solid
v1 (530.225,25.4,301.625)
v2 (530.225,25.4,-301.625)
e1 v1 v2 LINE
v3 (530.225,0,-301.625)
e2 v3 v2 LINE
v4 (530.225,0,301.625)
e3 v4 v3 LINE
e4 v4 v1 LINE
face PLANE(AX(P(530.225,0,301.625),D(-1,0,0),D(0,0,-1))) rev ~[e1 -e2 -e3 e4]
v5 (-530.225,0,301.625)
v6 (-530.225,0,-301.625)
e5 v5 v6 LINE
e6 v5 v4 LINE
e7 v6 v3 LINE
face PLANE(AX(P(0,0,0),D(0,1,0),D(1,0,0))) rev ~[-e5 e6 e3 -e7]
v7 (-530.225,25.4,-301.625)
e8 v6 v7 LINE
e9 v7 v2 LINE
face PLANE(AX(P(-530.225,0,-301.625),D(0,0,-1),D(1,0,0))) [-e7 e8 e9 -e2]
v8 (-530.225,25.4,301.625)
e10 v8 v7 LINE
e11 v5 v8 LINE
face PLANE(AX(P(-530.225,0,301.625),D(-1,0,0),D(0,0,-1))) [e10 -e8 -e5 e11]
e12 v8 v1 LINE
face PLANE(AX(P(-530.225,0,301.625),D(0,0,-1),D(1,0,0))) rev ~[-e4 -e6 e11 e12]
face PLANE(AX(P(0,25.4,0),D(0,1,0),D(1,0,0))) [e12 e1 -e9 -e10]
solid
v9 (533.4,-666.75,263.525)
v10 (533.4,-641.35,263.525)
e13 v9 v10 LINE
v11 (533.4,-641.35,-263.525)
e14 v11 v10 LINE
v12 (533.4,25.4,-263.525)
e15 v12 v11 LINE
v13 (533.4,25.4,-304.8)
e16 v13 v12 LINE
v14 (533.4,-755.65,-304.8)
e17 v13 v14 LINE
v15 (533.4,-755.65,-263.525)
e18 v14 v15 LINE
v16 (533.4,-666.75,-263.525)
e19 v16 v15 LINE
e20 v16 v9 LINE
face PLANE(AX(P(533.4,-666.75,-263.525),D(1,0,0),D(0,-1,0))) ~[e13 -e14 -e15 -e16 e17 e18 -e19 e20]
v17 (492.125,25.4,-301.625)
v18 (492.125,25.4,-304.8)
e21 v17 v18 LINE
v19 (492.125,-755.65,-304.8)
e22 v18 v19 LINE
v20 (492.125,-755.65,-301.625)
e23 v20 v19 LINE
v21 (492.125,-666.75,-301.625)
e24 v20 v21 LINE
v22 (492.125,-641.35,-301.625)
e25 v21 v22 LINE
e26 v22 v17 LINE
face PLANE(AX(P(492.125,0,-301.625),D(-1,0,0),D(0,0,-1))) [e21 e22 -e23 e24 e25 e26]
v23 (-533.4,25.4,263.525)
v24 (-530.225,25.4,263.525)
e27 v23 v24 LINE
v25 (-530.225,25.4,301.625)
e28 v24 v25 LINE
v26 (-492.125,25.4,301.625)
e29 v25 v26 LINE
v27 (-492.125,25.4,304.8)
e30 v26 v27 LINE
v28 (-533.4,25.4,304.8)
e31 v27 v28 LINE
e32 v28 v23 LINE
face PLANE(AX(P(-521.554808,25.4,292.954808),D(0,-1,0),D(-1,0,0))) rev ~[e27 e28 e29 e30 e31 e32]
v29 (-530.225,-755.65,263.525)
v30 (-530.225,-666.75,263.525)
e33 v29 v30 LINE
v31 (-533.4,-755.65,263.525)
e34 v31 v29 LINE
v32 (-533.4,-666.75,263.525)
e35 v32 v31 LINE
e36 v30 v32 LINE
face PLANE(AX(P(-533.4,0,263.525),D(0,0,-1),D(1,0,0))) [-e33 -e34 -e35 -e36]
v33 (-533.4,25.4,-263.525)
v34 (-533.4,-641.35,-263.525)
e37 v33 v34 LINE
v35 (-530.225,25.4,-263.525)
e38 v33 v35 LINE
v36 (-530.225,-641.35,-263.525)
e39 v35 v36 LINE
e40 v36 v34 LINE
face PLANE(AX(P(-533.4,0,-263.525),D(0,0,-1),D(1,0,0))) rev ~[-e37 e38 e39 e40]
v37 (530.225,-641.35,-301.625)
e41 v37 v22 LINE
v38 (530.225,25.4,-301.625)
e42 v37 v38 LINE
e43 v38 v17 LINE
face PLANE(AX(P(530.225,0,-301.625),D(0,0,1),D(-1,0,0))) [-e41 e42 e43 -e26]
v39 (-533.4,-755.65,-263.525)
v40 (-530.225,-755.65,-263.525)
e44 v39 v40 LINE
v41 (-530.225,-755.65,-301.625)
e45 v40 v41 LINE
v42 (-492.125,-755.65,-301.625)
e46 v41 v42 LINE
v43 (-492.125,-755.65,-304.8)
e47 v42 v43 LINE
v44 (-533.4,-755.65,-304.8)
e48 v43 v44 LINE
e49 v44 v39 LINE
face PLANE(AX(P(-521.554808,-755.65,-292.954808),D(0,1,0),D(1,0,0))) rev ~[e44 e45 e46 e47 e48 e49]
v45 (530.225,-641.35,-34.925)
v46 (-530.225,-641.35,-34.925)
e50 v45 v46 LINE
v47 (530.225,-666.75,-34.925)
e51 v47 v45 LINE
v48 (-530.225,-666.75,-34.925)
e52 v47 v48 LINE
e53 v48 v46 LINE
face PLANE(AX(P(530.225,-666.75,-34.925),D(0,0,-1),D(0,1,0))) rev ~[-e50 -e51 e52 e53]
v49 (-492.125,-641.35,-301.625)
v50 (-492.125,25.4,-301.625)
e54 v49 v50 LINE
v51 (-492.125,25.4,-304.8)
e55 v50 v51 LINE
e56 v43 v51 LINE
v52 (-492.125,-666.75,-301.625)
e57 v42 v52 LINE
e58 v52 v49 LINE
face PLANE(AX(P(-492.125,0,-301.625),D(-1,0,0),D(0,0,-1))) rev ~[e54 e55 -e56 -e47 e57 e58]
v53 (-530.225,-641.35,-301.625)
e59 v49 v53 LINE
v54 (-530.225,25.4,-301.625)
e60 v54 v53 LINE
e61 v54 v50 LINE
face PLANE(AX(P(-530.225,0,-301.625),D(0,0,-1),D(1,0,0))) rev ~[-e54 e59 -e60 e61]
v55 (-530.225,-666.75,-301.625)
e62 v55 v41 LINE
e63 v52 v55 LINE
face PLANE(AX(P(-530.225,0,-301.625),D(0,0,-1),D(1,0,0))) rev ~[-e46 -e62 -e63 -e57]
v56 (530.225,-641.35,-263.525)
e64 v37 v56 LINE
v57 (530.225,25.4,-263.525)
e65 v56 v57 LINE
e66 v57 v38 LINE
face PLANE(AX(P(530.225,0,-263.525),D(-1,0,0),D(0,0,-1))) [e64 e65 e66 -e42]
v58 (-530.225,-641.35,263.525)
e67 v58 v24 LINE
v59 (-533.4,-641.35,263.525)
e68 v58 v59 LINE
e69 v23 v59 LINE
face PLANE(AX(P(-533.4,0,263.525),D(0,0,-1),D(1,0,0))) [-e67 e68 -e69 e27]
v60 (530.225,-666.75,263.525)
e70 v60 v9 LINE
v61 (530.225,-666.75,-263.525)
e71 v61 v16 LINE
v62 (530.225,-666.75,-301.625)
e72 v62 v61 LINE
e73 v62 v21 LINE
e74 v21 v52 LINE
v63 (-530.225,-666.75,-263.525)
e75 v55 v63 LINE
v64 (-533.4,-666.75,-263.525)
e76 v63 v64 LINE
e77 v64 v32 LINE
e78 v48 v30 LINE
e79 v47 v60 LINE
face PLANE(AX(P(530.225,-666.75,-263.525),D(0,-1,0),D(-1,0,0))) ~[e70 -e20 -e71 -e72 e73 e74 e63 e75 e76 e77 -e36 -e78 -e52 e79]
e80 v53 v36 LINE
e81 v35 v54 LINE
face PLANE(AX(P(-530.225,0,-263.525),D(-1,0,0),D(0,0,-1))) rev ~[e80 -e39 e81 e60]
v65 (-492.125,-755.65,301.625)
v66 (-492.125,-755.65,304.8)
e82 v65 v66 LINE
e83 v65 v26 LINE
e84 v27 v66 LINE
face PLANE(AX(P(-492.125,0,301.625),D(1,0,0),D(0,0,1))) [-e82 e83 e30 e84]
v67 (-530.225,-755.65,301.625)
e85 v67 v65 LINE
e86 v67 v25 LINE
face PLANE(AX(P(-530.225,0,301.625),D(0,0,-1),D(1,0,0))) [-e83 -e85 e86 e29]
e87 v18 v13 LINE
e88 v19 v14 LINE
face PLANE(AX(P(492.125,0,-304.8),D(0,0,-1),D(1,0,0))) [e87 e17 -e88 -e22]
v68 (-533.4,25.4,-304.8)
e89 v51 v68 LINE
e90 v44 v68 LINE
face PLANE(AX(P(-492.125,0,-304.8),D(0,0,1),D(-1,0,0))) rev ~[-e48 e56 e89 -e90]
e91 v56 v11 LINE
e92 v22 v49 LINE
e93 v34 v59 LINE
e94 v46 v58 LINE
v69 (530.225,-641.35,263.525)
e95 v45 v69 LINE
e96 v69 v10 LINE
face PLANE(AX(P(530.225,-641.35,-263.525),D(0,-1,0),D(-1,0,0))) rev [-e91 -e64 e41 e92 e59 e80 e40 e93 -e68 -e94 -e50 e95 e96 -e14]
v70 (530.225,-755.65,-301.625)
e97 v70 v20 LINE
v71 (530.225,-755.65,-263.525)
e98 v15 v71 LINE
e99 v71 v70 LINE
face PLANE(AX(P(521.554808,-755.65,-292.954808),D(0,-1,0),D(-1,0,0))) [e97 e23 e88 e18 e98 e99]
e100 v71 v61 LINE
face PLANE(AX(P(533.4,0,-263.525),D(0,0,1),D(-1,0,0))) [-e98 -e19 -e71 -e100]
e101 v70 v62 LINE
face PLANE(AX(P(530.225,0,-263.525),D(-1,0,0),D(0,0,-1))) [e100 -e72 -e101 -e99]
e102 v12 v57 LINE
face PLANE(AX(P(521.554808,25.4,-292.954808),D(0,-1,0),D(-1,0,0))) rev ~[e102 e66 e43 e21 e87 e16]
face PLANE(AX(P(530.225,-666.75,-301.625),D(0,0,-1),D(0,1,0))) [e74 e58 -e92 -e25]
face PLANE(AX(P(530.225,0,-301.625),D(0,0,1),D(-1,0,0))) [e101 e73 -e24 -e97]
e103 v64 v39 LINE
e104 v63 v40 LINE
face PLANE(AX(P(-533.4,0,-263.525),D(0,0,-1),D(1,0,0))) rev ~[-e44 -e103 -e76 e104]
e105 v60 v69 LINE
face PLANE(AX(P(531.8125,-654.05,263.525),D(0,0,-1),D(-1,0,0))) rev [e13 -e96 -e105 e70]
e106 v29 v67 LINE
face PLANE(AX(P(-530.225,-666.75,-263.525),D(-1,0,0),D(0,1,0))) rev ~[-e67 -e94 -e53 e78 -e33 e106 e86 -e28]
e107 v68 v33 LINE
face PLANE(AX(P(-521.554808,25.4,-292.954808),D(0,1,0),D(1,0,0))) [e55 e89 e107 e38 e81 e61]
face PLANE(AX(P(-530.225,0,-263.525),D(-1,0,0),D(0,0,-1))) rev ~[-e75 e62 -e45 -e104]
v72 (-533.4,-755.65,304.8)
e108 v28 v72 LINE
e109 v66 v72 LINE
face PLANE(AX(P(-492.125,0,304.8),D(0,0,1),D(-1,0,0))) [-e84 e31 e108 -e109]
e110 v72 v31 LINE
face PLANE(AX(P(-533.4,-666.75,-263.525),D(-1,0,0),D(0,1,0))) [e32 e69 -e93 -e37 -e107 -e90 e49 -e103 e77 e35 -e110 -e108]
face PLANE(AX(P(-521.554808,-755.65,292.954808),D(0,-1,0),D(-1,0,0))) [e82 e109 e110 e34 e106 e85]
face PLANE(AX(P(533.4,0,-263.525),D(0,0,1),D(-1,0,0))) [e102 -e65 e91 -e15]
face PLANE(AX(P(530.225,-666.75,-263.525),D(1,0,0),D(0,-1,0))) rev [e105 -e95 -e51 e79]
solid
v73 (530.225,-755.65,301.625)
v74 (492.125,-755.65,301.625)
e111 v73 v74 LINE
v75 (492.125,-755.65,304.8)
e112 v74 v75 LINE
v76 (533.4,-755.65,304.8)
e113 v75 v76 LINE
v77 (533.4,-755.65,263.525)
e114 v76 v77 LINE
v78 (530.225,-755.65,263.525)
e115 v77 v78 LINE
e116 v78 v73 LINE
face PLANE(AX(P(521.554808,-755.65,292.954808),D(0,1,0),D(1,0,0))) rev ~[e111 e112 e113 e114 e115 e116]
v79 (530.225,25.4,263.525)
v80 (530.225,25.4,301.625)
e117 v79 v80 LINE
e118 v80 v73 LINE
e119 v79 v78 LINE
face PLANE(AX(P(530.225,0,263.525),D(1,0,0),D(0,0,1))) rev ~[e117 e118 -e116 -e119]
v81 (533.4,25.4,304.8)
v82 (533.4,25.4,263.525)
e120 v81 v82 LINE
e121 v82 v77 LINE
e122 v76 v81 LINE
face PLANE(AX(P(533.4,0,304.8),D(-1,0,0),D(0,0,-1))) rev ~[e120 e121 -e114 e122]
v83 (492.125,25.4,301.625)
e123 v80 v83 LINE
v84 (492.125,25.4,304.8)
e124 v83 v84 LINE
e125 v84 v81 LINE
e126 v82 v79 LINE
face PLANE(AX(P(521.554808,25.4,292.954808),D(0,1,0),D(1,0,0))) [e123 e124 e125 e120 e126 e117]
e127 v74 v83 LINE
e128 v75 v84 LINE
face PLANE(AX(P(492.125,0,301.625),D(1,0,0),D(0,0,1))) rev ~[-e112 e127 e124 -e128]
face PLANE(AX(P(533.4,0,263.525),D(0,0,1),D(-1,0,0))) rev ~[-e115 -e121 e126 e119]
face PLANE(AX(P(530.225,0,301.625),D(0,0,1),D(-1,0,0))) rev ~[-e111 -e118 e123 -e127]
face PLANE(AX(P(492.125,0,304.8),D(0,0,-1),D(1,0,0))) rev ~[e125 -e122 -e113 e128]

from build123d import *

# Parameters (mm, degrees)
SKETCH1_W                  = 1060.45
SKETCH1_H                  = 603.25
BOSS_EXTRUDE1_DEPTH        = 25.4
BOSS_EXTRUDE2_DEPTH        = 755.65
BOSS_EXTRUDE2_DEPTH_BACK   = 25.4
BOSS_EXTRUDE2_2_DEPTH      = 755.65
BOSS_EXTRUDE2_2_DEPTH_BACK = 25.4
BOSS_EXTRUDE2_3_DEPTH      = 755.65
BOSS_EXTRUDE2_3_DEPTH_BACK = 25.4
BOSS_EXTRUDE2_4_DEPTH      = 755.65
BOSS_EXTRUDE2_4_DEPTH_BACK = 25.4
SKETCH3_W                  = 266.7
SKETCH3_H                  = 25.4
BOSS_EXTRUDE3_DEPTH        = 1060.45
SKETCH4_W                  = 3.175
SKETCH4_H                  = 25.4
BOSS_EXTRUDE4_DEPTH        = 527.05


with BuildPart() as part:
    # Sketch1 → Boss-Extrude1 (new body)
    with BuildSketch(Plane(origin=(0, 0, 0), x_dir=(1, 0, 0), z_dir=(0, 1, 0))):
        Rectangle(SKETCH1_W, SKETCH1_H)
    extrude(amount=BOSS_EXTRUDE1_DEPTH)


with BuildPart() as body_2:
    # Sketch2 → Boss-Extrude2 (new body, two sides)
    with BuildSketch(Plane(origin=(0, 0, 0), x_dir=(-1, 0, 0), z_dir=(0, -1, 0))) as boss_extrude2_sk:
        Polygon((492.125, -301.625), (492.125, -304.8), (533.4, -304.8), (533.4, -263.525), (530.225, -263.525), (530.225, -301.625), align=None)
    extrude(amount=BOSS_EXTRUDE2_DEPTH)
    extrude(boss_extrude2_sk.sketch, amount=-BOSS_EXTRUDE2_DEPTH_BACK)



with BuildPart() as body_3:
    # Sketch2 → Boss-Extrude2 2 (new body, two sides)
    with BuildSketch(Plane(origin=(0, 0, 0), x_dir=(-1, 0, 0), z_dir=(0, -1, 0))) as boss_extrude2_2_sk:
        Polygon((-530.225, -301.625), (-492.125, -301.625), (-492.125, -304.8), (-533.4, -304.8), (-533.4, -263.525), (-530.225, -263.525), align=None)
    extrude(amount=BOSS_EXTRUDE2_2_DEPTH)
    extrude(boss_extrude2_2_sk.sketch, amount=-BOSS_EXTRUDE2_2_DEPTH_BACK)


with BuildPart() as body_4:
    # Sketch2 → Boss-Extrude2 3 (new body, two sides)
    with BuildSketch(Plane(origin=(0, 0, 0), x_dir=(-1, 0, 0), z_dir=(0, -1, 0))) as boss_extrude2_3_sk:
        Polygon((-492.125, 301.625), (-492.125, 304.8), (-533.4, 304.8), (-533.4, 263.525), (-530.225, 263.525), (-530.225, 301.625), align=None)
    extrude(amount=BOSS_EXTRUDE2_3_DEPTH)
    extrude(boss_extrude2_3_sk.sketch, amount=-BOSS_EXTRUDE2_3_DEPTH_BACK)

    # Sketch3 → Boss-Extrude3 (add)
    with BuildSketch(Plane.ZY.offset(-530.225)):
        with Locations((-168.275, -654.05)):
            Rectangle(SKETCH3_W, SKETCH3_H)
    extrude(amount=BOSS_EXTRUDE3_DEPTH)


with BuildPart() as body_5:
    # Sketch2 → Boss-Extrude2 4 (new body, two sides)
    with BuildSketch(Plane(origin=(0, 0, 0), x_dir=(-1, 0, 0), z_dir=(0, -1, 0))) as boss_extrude2_4_sk:
        Polygon((530.225, 301.625), (492.125, 301.625), (492.125, 304.8), (533.4, 304.8), (533.4, 263.525), (530.225, 263.525), align=None)
    extrude(amount=BOSS_EXTRUDE2_4_DEPTH)
    extrude(boss_extrude2_4_sk.sketch, amount=-BOSS_EXTRUDE2_4_DEPTH_BACK)


with BuildPart() as body_2_1:
    add(body_2.part)

    add(body_4.part)  # Boss-Extrude4 merges body 4

    add(body_5.part)  # Boss-Extrude4 merges body 5
    # Sketch4 → Boss-Extrude4 (add)
    with BuildSketch(Plane(origin=(0, 0, -263.525), x_dir=(-1, 0, 0), z_dir=(0, 0, -1))):
        with Locations((531.8125, -654.05)):
            Rectangle(SKETCH4_W, SKETCH4_H)
    boss_extrude4 = extrude(amount=-BOSS_EXTRUDE4_DEPTH)

    # Mirror2: Boss-Extrude4 across plane
    add(boss_extrude4.mirror(Plane(origin=(0, 0, 0), x_dir=(0, 0, 1), z_dir=(1, 0, 0))))


solid = Compound([part.part, body_3.part, body_2_1.part])
